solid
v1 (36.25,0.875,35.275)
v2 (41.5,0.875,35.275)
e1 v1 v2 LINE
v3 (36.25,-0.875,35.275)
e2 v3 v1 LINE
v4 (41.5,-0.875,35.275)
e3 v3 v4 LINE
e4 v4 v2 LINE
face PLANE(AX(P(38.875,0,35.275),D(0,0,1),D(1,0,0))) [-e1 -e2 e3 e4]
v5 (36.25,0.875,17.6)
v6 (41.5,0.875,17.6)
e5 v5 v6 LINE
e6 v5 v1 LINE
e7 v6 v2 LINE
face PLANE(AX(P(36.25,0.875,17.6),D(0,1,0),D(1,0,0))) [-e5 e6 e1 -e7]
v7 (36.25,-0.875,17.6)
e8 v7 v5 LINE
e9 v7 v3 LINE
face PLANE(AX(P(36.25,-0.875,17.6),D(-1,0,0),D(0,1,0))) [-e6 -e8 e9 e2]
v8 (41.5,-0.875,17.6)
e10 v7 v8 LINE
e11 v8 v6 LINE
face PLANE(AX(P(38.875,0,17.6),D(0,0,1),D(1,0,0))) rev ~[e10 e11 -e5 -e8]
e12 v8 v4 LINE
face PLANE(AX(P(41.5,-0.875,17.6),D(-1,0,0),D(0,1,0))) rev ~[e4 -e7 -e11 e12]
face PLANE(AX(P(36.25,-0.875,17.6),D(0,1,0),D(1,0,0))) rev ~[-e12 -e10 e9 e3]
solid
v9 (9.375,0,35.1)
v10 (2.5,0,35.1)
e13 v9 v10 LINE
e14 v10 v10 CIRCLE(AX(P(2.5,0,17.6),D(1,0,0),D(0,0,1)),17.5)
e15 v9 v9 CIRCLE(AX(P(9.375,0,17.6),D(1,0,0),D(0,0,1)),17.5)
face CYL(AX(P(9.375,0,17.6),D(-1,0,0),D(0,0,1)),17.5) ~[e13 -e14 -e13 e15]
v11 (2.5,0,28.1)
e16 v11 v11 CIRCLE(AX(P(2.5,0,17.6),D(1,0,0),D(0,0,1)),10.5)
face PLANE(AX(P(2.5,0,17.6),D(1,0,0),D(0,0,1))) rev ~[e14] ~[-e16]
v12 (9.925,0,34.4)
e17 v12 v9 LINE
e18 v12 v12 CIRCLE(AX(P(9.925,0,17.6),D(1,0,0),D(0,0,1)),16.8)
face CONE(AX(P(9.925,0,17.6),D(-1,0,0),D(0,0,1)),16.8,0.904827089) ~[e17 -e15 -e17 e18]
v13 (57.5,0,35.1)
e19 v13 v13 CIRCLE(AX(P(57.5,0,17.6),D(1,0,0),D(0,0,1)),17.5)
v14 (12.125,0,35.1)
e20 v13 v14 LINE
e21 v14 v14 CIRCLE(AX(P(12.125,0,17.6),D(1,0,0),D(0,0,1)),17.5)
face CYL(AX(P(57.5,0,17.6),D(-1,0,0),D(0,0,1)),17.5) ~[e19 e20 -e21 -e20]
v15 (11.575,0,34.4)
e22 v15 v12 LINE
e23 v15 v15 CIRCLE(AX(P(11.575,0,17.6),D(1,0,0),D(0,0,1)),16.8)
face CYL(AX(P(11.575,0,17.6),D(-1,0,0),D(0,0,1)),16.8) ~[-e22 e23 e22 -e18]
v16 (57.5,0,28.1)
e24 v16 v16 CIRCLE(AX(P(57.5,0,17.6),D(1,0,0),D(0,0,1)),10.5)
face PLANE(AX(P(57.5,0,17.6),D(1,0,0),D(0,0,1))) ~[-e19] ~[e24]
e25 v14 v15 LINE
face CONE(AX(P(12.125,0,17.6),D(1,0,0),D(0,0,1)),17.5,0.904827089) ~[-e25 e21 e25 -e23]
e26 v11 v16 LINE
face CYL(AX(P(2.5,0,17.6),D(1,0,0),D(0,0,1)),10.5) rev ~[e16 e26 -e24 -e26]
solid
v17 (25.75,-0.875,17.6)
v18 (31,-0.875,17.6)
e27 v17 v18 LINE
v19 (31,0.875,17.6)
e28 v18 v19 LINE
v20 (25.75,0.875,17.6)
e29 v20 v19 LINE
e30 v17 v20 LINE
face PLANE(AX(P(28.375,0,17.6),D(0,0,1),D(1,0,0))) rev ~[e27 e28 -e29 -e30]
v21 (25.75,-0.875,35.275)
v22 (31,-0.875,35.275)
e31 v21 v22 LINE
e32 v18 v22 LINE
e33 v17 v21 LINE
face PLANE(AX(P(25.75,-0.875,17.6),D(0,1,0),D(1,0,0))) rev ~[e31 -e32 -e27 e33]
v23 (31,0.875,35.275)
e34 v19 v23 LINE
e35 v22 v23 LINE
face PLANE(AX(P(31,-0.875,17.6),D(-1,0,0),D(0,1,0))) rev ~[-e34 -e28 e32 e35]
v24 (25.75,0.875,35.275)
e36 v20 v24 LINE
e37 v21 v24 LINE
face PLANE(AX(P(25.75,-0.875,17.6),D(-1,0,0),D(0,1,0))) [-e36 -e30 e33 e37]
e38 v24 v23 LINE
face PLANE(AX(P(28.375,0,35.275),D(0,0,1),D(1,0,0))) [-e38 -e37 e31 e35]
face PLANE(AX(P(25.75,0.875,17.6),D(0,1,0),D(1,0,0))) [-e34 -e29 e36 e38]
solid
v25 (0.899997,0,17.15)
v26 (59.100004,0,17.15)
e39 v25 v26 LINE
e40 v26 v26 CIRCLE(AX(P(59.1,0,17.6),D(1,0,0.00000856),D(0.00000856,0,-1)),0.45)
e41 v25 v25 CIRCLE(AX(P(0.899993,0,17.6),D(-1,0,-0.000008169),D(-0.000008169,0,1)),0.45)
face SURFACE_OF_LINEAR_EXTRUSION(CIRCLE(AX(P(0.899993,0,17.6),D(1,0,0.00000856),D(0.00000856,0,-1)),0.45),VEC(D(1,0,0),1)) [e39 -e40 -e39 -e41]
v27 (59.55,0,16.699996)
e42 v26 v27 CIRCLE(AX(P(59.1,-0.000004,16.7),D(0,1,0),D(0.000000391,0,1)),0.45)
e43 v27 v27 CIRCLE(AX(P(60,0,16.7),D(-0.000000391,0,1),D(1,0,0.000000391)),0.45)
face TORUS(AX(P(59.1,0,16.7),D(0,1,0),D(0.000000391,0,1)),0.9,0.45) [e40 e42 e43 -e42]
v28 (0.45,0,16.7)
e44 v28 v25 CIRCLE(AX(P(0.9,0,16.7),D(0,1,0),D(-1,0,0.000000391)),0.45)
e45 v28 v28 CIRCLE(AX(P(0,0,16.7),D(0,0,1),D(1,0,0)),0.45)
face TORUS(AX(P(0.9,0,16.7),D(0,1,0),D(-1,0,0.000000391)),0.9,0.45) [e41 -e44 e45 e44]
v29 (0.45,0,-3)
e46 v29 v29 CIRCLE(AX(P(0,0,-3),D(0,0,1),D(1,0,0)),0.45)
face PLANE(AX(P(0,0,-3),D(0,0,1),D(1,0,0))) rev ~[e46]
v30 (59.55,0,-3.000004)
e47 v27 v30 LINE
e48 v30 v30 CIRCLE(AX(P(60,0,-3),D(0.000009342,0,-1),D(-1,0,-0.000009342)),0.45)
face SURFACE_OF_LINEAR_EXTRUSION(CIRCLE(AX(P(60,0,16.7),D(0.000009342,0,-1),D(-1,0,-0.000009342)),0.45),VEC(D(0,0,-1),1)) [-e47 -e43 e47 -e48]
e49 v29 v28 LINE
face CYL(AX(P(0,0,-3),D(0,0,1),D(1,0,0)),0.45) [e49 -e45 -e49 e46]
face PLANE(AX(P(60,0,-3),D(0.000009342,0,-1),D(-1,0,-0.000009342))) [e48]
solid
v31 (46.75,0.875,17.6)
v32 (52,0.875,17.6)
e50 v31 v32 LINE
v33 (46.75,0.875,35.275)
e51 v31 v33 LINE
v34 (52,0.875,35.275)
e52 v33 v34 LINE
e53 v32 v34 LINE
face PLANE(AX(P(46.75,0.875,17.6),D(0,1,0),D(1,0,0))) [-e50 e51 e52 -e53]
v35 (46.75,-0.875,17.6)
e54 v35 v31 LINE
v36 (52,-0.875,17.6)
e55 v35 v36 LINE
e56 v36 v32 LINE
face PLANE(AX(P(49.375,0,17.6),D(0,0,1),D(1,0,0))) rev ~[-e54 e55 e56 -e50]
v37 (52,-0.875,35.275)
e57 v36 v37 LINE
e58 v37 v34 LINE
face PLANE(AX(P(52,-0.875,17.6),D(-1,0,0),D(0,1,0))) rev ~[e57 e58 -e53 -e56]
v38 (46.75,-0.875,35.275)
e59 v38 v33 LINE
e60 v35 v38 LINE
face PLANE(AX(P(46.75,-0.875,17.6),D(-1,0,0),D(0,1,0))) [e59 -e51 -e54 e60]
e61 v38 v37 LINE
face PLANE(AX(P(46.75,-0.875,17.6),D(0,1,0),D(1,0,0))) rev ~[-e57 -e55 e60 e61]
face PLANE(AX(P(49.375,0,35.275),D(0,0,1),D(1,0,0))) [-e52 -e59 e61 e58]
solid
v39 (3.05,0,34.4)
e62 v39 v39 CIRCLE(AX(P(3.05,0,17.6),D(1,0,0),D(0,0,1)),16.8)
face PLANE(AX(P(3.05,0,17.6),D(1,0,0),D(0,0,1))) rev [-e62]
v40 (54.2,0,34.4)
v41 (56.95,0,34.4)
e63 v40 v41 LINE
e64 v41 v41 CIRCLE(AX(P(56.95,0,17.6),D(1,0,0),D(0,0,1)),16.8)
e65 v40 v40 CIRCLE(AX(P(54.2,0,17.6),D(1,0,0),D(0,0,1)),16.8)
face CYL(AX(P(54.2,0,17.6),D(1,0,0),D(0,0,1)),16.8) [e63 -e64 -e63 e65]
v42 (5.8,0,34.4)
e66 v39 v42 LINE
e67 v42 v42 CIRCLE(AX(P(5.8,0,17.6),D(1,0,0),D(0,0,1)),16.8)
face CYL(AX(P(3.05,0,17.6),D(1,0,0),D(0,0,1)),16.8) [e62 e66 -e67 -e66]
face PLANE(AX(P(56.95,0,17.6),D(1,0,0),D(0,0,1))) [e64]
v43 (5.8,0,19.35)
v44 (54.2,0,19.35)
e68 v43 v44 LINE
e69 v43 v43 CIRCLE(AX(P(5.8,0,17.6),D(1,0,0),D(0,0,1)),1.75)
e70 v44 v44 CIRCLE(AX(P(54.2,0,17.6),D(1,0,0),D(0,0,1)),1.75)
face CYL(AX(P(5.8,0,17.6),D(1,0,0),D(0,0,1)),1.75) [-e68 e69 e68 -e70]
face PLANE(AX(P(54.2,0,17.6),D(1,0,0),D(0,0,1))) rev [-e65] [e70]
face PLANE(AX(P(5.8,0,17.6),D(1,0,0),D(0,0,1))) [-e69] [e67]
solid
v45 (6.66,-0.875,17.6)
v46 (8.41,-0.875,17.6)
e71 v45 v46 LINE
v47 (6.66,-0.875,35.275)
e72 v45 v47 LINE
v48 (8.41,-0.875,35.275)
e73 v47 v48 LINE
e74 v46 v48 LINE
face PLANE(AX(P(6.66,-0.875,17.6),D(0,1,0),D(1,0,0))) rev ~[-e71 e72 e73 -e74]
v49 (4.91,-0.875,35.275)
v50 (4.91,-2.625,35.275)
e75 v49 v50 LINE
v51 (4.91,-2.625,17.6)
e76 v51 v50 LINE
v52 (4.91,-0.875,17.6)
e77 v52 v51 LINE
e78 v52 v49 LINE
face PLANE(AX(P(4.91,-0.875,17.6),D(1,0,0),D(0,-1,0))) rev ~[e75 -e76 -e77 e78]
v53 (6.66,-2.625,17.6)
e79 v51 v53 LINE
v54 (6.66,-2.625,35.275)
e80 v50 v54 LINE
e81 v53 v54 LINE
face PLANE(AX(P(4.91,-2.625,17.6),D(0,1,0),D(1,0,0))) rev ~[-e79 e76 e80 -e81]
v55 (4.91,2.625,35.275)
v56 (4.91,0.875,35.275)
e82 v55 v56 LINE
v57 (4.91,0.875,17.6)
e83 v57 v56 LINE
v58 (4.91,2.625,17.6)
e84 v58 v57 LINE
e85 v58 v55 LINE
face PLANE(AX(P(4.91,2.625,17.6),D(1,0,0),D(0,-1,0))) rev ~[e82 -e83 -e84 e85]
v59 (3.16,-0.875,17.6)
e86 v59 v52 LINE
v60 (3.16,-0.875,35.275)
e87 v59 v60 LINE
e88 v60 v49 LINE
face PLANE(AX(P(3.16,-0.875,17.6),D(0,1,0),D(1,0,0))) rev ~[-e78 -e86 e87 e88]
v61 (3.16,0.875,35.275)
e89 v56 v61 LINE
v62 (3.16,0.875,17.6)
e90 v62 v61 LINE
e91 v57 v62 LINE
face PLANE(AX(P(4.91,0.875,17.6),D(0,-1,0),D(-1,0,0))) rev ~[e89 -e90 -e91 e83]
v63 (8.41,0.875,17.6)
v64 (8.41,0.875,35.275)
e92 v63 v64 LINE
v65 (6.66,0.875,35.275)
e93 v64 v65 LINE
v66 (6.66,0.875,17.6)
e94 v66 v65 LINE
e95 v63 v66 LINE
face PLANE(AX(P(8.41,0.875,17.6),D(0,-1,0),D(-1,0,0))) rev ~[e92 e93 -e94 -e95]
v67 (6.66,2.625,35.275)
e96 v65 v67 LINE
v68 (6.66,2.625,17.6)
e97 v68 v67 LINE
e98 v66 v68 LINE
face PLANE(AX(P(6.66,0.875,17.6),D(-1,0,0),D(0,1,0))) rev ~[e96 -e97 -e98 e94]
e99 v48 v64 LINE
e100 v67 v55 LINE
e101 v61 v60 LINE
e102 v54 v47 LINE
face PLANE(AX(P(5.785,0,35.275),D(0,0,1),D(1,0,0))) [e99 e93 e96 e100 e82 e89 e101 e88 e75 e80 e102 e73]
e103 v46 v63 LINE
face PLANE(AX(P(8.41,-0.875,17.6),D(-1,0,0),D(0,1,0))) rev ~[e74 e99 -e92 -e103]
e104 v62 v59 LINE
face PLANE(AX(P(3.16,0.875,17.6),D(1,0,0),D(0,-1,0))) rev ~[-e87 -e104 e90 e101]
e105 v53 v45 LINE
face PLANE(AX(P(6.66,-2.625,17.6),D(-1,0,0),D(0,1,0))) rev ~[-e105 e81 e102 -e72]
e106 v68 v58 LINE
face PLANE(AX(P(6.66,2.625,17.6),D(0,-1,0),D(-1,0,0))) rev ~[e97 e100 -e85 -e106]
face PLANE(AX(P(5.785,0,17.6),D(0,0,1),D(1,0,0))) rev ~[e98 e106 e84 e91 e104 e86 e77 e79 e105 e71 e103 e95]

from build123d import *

# Parameters (mm, degrees)
SKETCH_R    = 0.45
SKETCH004_W = 5.25
SKETCH004_H = 1.75
PAD_DEPTH   = 17.675


with BuildPart() as sweep_body:
    # Sweep: sweep along a path in Sketch001
    with BuildLine(Plane.XZ) as sweep_path:
        Line((0, -3), (0, 16.7))
        ThreePointArc((0, 16.7), (0.263601, 17.336393), (0.899993, 17.6))
        Line((0.899993, 17.6), (59.1, 17.6))
        ThreePointArc((59.1, 17.6), (59.736396, 17.336396), (60, 16.7))
        Line((60, 16.7), (60, -3))
    # Sketch → Sweep (sweep)
    with BuildSketch(Plane.XY.offset(-2)):
        Circle(SKETCH_R)
    sweep(path=sweep_path.line)


with BuildPart() as revolution:
    # Sketch002 → Revolution (revolve)
    with BuildSketch(Plane.XZ):
        Polygon((2.5, 35.1), (2.5, 28.1), (57.5, 28.1), (57.5, 35.1), (12.125, 35.1), (11.575, 34.4), (9.925, 34.4), (9.375, 35.1), align=None)
    revolve(axis=Axis((6.97588, 0, 17.6), (1, 0, 0)))


with BuildPart() as revolution001:
    # Sketch003 → Revolution001 (revolve)
    with BuildSketch(Plane.XZ):
        Polygon((3.05, 34.4), (5.8, 34.4), (5.8, 19.35), (54.2, 19.35), (54.2, 34.4), (56.95, 34.4), (56.95, 17.6), (3.05, 17.6), align=None)
    revolve(axis=Axis((6.97588, 0, 17.6), (1, 0, 0)))


with BuildPart() as pad:
    # Sketch004 → Pad (new body)
    with BuildSketch(Plane.XY.offset(17.6)):
        with Locations((49.375, 0)):
            Rectangle(SKETCH004_W, SKETCH004_H)
        with Locations((38.875, 0)):
            Rectangle(SKETCH004_W, SKETCH004_H)
        with Locations((28.375, 0)):
            Rectangle(SKETCH004_W, SKETCH004_H)
        Polygon((4.91, 0.875), (3.16, 0.875), (3.16, -0.875), (4.91, -0.875), (4.91, -2.625), (6.66, -2.625), (6.66, -0.875), (8.41, -0.875), (8.41, 0.875), (6.66, 0.875), (6.66, 2.625), (4.91, 2.625), align=None)
    extrude(amount=PAD_DEPTH)


solid = Compound([sweep_body.part, revolution.part, revolution001.part, pad.part])
